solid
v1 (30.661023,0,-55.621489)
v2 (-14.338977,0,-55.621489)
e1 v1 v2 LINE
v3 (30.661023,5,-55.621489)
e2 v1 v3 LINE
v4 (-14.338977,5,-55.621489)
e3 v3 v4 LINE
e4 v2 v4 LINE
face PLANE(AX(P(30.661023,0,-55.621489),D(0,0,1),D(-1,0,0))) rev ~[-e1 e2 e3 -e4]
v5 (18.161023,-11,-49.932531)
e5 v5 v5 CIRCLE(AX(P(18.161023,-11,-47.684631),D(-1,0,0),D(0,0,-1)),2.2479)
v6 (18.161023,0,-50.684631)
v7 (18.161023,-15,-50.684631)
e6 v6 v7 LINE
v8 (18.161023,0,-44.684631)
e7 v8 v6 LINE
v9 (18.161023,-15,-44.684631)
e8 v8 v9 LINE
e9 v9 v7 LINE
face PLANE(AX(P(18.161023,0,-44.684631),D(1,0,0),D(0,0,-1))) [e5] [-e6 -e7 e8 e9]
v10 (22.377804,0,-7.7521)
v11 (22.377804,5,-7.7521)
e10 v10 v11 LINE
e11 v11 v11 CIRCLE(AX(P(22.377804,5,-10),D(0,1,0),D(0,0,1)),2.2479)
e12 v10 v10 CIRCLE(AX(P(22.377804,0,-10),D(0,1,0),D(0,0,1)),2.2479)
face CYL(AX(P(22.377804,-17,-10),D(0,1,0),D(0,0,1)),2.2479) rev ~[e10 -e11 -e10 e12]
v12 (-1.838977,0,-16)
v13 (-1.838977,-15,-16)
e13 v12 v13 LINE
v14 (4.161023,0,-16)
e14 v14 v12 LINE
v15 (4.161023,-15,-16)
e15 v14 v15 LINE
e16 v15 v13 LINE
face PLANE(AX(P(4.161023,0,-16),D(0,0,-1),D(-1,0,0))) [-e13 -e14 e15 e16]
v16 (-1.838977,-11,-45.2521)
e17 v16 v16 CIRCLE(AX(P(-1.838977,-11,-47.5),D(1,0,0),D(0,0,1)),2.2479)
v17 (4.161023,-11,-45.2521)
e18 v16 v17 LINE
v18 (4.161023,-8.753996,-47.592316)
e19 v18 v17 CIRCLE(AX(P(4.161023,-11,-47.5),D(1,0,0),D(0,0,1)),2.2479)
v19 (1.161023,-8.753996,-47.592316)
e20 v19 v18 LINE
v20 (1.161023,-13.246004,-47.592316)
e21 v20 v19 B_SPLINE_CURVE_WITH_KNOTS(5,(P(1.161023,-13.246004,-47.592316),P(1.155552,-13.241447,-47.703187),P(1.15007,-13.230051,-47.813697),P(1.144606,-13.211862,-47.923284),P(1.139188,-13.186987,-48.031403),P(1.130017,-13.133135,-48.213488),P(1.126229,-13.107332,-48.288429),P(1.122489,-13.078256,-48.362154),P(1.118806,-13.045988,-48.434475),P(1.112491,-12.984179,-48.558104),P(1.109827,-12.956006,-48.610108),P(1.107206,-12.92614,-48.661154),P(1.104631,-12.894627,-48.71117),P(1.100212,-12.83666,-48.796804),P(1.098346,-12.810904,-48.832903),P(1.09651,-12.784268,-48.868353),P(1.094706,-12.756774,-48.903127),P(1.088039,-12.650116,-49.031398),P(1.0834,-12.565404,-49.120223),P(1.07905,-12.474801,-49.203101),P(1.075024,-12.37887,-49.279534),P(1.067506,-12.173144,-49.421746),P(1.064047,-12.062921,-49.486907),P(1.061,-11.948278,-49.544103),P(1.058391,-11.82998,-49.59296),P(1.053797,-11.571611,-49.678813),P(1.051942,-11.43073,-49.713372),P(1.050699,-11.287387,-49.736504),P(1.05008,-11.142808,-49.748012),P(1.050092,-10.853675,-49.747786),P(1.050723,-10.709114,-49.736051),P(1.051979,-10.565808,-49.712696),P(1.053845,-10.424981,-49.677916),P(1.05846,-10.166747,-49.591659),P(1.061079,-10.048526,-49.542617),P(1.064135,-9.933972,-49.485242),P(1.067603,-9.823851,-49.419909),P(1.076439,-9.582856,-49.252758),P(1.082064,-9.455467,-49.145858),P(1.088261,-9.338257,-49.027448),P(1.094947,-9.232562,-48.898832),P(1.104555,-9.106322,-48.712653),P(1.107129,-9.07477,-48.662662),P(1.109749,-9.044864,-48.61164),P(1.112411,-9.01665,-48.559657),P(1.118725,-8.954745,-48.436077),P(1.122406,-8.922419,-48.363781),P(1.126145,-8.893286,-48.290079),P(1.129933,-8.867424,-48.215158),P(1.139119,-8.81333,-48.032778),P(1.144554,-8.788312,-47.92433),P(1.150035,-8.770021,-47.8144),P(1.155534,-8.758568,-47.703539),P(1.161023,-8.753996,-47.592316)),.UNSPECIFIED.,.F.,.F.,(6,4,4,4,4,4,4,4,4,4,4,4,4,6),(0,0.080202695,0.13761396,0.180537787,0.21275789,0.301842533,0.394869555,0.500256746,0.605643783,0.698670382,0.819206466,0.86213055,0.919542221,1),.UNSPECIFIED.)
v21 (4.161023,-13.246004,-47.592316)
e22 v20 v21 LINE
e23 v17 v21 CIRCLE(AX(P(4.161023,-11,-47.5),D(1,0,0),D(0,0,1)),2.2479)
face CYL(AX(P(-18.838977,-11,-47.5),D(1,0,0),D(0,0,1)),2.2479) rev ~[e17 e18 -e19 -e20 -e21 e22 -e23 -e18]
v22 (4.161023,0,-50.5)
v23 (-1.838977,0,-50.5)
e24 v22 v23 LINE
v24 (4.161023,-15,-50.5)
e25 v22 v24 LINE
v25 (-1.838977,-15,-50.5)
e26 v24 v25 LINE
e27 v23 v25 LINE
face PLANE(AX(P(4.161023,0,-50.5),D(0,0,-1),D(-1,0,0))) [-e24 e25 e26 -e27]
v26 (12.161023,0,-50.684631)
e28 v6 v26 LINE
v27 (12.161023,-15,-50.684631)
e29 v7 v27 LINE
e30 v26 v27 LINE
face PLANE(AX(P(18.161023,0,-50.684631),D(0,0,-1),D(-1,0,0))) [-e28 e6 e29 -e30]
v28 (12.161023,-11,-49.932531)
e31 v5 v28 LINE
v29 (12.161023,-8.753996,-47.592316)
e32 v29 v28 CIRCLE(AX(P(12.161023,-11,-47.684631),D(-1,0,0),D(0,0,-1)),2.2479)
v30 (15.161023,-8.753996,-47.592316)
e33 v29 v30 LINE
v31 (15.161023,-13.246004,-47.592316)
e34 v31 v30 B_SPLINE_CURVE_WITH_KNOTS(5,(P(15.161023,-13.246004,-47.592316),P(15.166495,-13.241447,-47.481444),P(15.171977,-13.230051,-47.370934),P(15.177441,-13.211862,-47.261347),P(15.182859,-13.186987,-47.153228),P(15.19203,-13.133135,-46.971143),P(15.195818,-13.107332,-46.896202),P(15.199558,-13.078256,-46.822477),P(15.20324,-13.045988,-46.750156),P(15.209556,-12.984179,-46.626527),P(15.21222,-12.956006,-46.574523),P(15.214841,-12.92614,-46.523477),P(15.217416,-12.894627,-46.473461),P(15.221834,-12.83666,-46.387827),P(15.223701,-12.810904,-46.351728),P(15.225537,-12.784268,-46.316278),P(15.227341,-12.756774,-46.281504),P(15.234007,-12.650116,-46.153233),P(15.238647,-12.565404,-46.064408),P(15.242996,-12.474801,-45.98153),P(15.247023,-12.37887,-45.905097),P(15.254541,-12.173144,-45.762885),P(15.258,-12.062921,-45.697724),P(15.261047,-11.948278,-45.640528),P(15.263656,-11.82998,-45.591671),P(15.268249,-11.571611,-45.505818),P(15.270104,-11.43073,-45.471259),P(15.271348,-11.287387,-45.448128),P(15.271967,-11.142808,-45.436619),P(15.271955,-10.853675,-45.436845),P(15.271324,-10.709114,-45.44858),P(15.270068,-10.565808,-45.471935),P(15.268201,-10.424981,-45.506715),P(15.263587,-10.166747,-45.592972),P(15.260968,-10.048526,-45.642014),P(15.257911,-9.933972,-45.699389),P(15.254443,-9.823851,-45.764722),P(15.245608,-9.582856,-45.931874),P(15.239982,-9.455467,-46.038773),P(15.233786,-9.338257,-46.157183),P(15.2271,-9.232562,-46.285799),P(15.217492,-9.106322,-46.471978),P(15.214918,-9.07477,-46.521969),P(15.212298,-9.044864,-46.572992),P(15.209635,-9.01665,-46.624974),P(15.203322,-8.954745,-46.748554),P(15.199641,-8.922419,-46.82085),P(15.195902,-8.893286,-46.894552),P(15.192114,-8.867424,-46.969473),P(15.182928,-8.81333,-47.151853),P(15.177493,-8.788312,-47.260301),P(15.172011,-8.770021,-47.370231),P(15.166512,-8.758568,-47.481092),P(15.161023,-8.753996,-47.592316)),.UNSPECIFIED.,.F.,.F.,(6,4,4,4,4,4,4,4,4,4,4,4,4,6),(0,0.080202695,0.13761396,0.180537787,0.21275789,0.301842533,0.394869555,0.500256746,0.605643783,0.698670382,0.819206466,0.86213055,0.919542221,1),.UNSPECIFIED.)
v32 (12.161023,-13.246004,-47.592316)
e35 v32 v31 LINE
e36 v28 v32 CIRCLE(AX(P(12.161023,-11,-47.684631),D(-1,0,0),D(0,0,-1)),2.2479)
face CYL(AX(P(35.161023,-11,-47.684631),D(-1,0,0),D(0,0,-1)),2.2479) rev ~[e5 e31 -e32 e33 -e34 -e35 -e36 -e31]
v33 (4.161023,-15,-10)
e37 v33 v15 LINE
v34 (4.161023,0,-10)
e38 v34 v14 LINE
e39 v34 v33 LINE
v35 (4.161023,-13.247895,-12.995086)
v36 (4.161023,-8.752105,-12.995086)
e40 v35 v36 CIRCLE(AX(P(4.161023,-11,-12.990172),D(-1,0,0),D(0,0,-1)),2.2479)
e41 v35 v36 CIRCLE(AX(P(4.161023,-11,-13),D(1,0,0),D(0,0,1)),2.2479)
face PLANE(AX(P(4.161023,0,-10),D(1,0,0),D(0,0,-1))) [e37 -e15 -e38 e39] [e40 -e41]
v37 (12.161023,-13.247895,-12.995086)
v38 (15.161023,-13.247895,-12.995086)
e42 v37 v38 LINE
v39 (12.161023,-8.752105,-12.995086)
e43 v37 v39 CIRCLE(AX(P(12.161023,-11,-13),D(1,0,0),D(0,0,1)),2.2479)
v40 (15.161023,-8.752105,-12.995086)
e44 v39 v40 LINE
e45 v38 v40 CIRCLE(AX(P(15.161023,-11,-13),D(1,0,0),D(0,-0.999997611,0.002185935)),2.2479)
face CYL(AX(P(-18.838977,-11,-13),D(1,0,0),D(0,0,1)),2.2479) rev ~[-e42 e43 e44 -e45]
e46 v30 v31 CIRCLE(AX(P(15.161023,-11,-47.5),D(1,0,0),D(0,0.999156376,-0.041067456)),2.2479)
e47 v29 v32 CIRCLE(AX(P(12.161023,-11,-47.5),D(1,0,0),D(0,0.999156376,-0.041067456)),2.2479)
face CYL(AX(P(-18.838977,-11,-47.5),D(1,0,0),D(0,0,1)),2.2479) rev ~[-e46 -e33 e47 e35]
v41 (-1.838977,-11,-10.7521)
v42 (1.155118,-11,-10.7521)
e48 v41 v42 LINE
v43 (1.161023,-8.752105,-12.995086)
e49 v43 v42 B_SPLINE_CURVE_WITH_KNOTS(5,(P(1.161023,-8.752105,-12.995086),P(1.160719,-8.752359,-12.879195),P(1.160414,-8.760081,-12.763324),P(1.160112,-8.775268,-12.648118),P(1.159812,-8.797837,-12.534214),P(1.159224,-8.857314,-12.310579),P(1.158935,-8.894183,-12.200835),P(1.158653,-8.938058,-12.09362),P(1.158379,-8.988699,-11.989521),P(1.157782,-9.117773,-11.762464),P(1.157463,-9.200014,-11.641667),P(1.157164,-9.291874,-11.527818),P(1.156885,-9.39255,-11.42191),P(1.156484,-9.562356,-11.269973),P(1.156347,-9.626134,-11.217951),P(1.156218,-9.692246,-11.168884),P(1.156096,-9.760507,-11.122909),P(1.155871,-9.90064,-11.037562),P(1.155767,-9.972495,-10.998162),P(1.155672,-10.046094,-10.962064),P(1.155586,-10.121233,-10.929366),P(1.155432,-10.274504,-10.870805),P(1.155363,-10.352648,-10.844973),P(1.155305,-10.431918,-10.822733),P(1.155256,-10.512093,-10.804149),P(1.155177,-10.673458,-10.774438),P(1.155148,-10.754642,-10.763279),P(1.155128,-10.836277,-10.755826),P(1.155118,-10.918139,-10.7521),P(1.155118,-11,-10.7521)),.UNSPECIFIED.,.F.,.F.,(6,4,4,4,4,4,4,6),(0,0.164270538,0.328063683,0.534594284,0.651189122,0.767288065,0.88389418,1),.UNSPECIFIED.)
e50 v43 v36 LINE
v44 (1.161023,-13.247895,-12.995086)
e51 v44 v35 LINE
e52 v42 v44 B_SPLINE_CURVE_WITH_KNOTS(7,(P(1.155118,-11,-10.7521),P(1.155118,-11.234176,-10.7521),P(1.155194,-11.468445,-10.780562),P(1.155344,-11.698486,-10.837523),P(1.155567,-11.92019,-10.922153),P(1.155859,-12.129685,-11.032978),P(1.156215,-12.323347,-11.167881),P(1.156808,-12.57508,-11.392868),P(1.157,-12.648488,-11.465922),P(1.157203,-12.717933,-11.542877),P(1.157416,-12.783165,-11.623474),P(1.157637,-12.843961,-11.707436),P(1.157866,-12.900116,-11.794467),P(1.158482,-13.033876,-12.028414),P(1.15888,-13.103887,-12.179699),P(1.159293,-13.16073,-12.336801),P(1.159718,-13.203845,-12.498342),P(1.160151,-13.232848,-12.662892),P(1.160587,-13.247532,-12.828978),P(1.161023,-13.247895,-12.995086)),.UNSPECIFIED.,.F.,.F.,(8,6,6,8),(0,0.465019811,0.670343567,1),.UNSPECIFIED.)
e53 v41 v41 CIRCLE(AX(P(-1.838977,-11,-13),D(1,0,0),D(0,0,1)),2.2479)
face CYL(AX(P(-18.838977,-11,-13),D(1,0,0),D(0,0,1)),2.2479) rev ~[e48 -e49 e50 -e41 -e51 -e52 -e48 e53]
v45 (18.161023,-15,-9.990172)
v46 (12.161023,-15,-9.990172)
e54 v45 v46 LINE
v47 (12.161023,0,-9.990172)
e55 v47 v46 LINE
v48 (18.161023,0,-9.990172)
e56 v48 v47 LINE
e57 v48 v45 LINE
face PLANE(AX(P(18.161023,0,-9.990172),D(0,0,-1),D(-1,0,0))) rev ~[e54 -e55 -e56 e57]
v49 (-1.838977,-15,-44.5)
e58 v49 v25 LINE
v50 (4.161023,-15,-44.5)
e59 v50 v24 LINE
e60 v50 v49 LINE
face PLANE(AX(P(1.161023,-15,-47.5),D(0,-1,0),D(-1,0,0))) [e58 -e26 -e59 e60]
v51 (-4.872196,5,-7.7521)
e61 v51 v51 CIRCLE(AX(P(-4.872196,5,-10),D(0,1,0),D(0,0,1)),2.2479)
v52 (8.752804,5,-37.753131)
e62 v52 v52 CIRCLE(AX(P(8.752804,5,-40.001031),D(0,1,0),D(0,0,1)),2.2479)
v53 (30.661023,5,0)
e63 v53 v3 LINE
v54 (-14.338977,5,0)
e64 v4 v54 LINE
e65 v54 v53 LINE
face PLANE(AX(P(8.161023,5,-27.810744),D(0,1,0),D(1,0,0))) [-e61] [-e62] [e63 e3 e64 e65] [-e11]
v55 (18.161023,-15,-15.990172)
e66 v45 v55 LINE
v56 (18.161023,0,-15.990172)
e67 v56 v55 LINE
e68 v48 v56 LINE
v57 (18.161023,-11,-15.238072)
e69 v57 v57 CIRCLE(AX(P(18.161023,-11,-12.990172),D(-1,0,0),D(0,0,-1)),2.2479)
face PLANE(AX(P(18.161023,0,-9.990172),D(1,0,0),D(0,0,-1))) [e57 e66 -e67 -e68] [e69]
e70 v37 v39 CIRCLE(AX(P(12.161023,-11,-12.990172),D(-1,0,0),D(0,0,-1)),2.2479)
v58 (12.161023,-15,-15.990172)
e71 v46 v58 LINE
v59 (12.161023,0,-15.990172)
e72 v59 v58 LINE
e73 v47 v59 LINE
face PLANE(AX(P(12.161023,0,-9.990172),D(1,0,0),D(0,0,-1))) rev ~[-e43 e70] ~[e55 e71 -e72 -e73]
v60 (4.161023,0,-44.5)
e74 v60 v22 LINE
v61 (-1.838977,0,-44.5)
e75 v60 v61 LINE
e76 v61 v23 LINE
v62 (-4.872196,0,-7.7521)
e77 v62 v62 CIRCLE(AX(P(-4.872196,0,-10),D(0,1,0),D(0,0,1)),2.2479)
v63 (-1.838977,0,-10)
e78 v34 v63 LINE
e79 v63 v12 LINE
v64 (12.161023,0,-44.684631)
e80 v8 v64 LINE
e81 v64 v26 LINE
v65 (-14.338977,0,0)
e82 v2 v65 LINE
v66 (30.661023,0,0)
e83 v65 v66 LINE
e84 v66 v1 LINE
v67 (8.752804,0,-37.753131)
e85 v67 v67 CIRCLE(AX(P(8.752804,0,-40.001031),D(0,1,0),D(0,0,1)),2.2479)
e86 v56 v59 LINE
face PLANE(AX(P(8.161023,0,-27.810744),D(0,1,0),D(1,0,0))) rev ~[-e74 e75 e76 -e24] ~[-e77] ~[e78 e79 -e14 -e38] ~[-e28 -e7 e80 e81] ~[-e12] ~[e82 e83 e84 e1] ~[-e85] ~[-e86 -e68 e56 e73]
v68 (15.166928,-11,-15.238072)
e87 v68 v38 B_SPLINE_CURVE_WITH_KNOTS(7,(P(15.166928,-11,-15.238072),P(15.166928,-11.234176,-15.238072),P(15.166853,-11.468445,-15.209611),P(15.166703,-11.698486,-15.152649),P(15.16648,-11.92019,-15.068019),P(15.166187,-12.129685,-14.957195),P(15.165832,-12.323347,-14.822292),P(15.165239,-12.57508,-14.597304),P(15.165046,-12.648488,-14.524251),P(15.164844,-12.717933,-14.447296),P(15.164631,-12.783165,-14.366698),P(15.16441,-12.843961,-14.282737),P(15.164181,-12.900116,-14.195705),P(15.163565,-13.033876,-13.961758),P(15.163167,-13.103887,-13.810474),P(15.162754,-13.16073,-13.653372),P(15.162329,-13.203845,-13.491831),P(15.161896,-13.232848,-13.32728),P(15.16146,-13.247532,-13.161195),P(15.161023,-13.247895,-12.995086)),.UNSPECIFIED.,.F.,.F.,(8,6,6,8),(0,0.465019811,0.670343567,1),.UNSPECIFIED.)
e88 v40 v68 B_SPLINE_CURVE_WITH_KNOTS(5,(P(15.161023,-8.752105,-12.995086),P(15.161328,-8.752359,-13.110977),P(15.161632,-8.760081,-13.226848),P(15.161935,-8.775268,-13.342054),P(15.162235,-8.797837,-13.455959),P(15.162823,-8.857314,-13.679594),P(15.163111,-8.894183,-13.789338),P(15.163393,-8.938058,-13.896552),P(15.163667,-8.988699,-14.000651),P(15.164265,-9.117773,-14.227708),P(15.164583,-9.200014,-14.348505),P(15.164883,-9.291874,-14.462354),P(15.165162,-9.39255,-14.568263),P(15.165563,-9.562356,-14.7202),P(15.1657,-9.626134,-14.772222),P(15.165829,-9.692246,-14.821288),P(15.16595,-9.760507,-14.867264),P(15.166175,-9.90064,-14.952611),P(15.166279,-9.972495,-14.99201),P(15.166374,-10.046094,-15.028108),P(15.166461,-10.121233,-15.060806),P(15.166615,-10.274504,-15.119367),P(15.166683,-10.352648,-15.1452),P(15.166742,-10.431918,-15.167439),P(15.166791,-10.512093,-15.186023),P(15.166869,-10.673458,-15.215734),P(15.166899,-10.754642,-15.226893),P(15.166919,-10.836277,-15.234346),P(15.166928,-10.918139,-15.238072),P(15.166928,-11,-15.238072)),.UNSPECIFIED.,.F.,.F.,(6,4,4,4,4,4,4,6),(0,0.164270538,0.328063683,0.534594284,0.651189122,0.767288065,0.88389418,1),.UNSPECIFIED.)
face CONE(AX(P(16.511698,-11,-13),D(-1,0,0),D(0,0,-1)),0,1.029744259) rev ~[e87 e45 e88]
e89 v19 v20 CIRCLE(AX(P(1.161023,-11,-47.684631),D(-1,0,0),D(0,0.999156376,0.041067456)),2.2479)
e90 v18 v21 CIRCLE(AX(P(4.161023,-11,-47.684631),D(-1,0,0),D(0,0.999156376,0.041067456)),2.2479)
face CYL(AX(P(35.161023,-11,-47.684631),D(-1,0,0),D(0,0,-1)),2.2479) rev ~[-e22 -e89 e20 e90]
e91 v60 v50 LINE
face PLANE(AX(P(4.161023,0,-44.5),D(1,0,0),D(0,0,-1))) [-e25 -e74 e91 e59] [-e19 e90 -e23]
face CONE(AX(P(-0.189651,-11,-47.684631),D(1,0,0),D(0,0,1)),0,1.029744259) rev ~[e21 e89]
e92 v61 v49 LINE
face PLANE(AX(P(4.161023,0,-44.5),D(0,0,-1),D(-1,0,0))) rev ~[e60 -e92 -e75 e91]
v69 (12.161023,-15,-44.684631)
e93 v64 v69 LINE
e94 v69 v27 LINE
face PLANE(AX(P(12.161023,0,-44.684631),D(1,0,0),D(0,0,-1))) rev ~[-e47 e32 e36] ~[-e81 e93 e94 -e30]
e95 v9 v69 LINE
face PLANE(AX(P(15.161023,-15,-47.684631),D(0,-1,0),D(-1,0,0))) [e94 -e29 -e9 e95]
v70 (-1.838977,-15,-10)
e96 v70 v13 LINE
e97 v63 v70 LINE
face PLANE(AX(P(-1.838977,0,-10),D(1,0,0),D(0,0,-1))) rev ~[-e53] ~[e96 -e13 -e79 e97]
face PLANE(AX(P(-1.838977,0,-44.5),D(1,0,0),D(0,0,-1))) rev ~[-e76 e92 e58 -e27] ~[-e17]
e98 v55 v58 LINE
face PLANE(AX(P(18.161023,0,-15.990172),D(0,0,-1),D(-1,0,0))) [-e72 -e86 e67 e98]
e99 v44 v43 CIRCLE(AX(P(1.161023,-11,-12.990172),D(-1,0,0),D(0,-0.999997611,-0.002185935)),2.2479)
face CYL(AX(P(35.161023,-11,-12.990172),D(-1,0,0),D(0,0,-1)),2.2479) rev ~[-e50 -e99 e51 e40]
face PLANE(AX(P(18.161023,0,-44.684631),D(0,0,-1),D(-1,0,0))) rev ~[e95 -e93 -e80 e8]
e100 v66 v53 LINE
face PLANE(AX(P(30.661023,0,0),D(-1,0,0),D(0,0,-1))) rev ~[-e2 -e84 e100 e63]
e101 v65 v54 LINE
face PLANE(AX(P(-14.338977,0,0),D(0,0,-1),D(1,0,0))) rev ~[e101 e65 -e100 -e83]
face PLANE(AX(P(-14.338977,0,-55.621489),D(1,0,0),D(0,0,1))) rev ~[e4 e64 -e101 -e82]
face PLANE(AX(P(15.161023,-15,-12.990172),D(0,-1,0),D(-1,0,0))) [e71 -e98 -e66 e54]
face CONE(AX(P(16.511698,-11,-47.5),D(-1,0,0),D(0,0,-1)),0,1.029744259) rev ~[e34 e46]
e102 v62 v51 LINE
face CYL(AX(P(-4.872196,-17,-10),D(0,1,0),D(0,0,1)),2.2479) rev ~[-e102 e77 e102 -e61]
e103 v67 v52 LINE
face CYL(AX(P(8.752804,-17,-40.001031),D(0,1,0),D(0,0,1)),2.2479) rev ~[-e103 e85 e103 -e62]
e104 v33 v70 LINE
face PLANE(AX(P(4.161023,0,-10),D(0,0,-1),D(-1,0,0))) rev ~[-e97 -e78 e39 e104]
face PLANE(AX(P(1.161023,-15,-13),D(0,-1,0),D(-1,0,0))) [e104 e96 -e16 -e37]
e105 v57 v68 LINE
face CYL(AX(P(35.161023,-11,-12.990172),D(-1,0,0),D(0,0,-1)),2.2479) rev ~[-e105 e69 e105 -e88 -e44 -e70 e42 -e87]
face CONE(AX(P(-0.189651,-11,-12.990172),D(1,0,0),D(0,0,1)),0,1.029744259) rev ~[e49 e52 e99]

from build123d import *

# Parameters (mm, degrees)
BOSS_EXTRUDE1_DEPTH                 = 5
F_8_CLEARANCE_HOLE1_D               = 4.4958
F_8_CLEARANCE_HOLE1_DEPTH           = 17
F_8_CLEARANCE_HOLE1_TIP             = 1.350674586
SKETCH3_W                           = 6
SKETCH3_H                           = 6
BOSS_EXTRUDE2_DEPTH                 = 15
F_8_CLEARANCE_HOLE2_D               = 4.4958
F_8_CLEARANCE_HOLE2_DEPTH           = 17
F_8_CLEARANCE_HOLE2_TIP             = 1.350674586
F_8_CLEARANCE_HOLE2_ON_FACE_2_D     = 4.4958
F_8_CLEARANCE_HOLE2_ON_FACE_2_DEPTH = 17
F_8_CLEARANCE_HOLE2_ON_FACE_2_TIP   = 1.350674586


with BuildPart() as part:
    # Sketch1 → Boss-Extrude1 (new body)
    with BuildSketch(Plane(origin=(0, 0, 0), x_dir=(1, 0, 0), z_dir=(0, 1, 0))):
        Polygon((-14.338976611, 0), (30.661023389, 0), (30.661023389, 55.621488653), (8.161023389, 55.621488653), (-14.338976611, 55.621488653), align=None)
    extrude(amount=BOSS_EXTRUDE1_DEPTH)

    # #8 Clearance Hole1
    with Locations(Plane(origin=(22.377803879, 0, -10), x_dir=(0, 0, -1), z_dir=(0, -1, 0))):
        with Locations((0, 0), (0, -27.25), (30.001031232, -13.625)):
            Hole(F_8_CLEARANCE_HOLE1_D / 2, depth=F_8_CLEARANCE_HOLE1_DEPTH)
            with Locations((0, 0, -(F_8_CLEARANCE_HOLE1_DEPTH + F_8_CLEARANCE_HOLE1_TIP / 2))):  # 118° drill point
                Cone(0, F_8_CLEARANCE_HOLE1_D / 2, F_8_CLEARANCE_HOLE1_TIP, mode=Mode.SUBTRACT)

    # Sketch3 → Boss-Extrude2 (add)
    with BuildSketch(Plane(origin=(0, 0, 0), x_dir=(-1, 0, 0), z_dir=(0, -1, 0))):
        with Locations((-1.161023389, 47.5)):
            Rectangle(SKETCH3_W, SKETCH3_H)
        with Locations((-1.161023389, 13)):
            Rectangle(SKETCH3_W, SKETCH3_H)
        with Locations((-15.161023389, 47.684631069)):
            Rectangle(SKETCH3_W, SKETCH3_H)
        with Locations((-15.161023389, 12.990172473)):
            Rectangle(SKETCH3_W, SKETCH3_H)
    extrude(amount=BOSS_EXTRUDE2_DEPTH)

    # #8 Clearance Hole2
    with Locations(Plane(origin=(-1.838976611, -11, -47.5), x_dir=(0, 0, -1), z_dir=(-1, 0, 0))):
        with Locations((0, 0), (-34.5, 0)):
            Hole(F_8_CLEARANCE_HOLE2_D / 2, depth=F_8_CLEARANCE_HOLE2_DEPTH)
            with Locations((0, 0, -(F_8_CLEARANCE_HOLE2_DEPTH + F_8_CLEARANCE_HOLE2_TIP / 2))):  # 118° drill point
                Cone(0, F_8_CLEARANCE_HOLE2_D / 2, F_8_CLEARANCE_HOLE2_TIP, mode=Mode.SUBTRACT)

    # #8 Clearance Hole2 on face 2
    with Locations(Plane(origin=(18.161023389, -11, -47.684631069), x_dir=(0, 0, 1), z_dir=(1, 0, 0))):
        with Locations((0, 0), (34.694458596, 0)):
            Hole(F_8_CLEARANCE_HOLE2_ON_FACE_2_D / 2, depth=F_8_CLEARANCE_HOLE2_ON_FACE_2_DEPTH)
            with Locations((0, 0, -(F_8_CLEARANCE_HOLE2_ON_FACE_2_DEPTH + F_8_CLEARANCE_HOLE2_ON_FACE_2_TIP / 2))):  # 118° drill point
                Cone(0, F_8_CLEARANCE_HOLE2_ON_FACE_2_D / 2, F_8_CLEARANCE_HOLE2_ON_FACE_2_TIP, mode=Mode.SUBTRACT)


solid = part.part
